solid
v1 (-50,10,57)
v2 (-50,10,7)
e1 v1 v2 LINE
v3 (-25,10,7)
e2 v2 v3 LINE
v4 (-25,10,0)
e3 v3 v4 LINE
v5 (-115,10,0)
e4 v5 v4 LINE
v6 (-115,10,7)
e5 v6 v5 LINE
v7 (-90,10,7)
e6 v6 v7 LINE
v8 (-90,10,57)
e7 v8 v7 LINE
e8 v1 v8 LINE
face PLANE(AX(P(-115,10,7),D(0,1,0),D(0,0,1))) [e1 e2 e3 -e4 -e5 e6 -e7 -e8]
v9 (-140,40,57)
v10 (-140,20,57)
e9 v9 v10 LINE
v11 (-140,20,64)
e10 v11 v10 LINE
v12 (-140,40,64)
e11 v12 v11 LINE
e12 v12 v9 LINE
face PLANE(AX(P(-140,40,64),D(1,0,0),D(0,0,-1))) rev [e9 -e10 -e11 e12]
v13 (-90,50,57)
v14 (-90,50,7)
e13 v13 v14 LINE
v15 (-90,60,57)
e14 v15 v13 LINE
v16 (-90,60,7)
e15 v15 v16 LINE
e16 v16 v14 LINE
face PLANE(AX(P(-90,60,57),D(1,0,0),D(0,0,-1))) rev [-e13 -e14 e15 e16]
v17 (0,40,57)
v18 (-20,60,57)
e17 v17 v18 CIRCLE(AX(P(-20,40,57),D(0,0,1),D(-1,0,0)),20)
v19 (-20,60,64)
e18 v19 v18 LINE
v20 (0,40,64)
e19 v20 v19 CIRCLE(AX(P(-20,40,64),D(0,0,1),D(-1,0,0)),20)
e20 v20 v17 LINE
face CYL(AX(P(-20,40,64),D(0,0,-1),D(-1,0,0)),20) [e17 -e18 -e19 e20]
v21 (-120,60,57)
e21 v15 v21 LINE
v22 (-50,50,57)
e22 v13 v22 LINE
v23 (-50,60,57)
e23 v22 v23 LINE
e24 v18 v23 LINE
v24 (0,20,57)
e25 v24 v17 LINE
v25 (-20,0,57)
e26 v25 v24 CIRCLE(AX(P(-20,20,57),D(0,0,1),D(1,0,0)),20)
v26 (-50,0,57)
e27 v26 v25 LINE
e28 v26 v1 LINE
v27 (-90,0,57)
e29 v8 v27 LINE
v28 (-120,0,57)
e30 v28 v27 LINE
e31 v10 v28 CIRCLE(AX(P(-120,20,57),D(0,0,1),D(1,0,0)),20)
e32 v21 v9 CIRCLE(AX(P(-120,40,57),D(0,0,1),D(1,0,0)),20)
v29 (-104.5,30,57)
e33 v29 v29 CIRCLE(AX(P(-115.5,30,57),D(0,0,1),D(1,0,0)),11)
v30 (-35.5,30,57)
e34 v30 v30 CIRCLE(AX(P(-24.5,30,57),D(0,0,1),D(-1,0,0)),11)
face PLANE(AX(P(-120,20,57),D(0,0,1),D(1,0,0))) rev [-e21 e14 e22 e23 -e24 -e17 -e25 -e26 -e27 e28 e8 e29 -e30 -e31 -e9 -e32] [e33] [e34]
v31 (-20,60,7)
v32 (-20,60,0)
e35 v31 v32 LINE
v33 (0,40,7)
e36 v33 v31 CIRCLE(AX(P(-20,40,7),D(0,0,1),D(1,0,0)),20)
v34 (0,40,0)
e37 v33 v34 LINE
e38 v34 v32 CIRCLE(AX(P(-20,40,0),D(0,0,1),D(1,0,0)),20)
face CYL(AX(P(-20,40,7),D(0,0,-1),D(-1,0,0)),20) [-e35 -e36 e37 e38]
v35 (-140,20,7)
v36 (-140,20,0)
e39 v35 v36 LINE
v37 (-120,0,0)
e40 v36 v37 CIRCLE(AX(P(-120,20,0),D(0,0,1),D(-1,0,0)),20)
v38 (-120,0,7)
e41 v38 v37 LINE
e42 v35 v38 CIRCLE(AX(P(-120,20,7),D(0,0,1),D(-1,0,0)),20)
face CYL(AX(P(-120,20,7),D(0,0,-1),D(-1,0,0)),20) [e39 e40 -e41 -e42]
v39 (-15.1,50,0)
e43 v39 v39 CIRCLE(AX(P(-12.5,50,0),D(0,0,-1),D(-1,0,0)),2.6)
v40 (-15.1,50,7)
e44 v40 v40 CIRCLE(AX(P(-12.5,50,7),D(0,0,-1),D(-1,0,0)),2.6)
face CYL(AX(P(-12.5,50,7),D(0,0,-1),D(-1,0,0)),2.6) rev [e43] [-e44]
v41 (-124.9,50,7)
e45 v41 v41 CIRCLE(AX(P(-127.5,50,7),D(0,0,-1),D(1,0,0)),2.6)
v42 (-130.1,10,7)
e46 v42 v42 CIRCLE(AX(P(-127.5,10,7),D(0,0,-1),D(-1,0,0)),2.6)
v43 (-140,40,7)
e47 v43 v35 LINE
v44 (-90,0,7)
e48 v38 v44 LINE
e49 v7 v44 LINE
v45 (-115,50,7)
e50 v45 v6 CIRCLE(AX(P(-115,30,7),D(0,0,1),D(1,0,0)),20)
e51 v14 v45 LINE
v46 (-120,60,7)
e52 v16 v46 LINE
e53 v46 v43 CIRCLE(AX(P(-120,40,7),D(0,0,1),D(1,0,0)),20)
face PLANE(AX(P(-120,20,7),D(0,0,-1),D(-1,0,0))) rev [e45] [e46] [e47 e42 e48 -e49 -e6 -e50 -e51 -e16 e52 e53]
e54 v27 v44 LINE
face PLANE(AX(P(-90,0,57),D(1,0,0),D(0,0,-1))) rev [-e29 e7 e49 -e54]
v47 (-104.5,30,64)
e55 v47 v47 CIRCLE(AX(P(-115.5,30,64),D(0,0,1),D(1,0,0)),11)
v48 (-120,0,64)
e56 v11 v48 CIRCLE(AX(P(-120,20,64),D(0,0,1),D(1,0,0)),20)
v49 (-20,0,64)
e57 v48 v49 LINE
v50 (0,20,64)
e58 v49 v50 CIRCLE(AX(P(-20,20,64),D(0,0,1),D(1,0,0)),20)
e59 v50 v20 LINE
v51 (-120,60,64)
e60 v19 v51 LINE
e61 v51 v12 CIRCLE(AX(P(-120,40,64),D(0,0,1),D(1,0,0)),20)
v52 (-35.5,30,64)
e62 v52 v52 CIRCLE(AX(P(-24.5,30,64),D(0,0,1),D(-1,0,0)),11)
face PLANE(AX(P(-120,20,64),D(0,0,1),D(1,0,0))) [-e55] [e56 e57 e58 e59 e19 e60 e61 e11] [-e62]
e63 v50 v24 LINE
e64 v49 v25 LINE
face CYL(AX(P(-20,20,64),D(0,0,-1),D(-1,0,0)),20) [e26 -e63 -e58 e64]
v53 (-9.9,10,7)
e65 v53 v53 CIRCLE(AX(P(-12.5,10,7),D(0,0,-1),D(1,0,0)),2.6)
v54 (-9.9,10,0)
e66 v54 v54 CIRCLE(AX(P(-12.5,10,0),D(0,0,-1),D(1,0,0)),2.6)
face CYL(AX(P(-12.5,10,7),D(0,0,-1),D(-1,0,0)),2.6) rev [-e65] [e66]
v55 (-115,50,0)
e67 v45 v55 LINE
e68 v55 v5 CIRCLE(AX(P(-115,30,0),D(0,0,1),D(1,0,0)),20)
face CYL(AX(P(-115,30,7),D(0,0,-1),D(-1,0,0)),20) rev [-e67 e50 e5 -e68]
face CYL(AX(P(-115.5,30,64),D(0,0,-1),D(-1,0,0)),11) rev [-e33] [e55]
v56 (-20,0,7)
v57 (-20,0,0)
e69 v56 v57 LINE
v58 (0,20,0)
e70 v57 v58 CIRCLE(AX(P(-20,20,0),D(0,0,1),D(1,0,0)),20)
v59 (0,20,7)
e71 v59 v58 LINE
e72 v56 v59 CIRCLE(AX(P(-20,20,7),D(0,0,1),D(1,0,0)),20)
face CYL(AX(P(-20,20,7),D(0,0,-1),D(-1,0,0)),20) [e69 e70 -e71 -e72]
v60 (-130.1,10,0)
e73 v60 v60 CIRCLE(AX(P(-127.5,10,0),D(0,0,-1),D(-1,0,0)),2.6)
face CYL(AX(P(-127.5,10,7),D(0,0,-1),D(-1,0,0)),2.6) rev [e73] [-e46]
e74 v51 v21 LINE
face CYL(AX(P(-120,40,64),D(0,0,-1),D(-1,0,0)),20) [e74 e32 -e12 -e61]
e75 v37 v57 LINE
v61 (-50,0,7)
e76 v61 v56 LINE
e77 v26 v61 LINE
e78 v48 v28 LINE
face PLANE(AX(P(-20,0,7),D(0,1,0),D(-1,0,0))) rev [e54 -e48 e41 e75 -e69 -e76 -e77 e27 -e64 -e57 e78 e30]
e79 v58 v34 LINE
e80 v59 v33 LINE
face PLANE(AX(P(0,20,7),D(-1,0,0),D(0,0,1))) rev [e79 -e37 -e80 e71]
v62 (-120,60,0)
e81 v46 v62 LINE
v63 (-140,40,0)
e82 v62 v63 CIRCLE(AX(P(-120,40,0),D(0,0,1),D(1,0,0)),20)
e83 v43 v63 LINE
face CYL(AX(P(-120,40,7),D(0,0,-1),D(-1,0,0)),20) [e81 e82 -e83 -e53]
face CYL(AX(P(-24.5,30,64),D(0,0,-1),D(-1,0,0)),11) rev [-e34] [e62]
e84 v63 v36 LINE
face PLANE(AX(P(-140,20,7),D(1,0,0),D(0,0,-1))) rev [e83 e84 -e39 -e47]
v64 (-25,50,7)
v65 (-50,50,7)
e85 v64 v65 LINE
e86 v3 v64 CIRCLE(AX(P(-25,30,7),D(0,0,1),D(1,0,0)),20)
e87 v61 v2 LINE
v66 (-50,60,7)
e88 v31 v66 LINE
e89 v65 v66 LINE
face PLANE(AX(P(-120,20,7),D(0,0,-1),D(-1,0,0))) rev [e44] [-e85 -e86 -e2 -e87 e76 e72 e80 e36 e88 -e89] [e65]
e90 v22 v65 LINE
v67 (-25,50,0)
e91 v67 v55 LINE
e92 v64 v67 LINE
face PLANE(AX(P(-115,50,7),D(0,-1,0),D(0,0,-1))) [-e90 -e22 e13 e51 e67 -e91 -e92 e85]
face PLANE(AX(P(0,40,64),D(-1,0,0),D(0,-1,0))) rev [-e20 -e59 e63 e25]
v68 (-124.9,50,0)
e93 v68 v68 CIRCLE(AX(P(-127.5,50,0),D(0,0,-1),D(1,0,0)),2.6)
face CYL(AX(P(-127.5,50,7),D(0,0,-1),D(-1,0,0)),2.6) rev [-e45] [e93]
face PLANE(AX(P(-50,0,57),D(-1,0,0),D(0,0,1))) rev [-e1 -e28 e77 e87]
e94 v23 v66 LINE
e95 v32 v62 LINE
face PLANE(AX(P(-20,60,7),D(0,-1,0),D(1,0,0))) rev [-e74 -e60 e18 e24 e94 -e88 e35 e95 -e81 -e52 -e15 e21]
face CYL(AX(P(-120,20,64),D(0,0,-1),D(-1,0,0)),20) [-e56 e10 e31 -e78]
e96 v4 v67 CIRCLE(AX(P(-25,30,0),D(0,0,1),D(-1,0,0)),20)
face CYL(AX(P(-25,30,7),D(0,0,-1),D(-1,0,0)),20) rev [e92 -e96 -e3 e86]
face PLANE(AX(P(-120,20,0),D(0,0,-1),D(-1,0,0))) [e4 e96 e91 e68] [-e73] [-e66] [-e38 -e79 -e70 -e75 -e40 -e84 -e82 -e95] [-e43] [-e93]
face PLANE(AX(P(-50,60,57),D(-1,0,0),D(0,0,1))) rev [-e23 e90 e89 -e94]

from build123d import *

# Parameters (mm, degrees)
BOSS_EXTRUDE1_DEPTH = 7
SKETCH3_W           = 40
SKETCH3_H           = 10
BOSS_EXTRUDE2_DEPTH = 50
SKETCH4_R           = 11
BOSS_EXTRUDE3_DEPTH = 7
SKETCH6_R           = 2.6
CUT_EXTRUDE1_DEPTH  = 7


with BuildPart() as part:
    # Sketch2 → Boss-Extrude1 (new body)
    with BuildSketch(Plane.XY):
        with BuildLine():
            Line((-20, 0), (-120, 0))
            ThreePointArc((-120, 0), (-134.142135624, 5.857864376), (-140, 20))
            Line((-140, 20), (-140, 40))
            ThreePointArc((-140, 40), (-134.142135624, 54.142135624), (-120, 60))
            Line((-120, 60), (-20, 60))
            ThreePointArc((-20, 60), (-5.857864376, 54.142135624), (0, 40))
            Line((0, 40), (0, 20))
            ThreePointArc((0, 20), (-5.857864376, 5.857864376), (-20, 0))
        make_face()
        with BuildLine():
            Line((-115, 50), (-25, 50))
            ThreePointArc((-25, 50), (-10.857864376, 44.142135624), (-5, 30))
            ThreePointArc((-5, 30), (-10.857864376, 15.857864376), (-25, 10))
            Line((-25, 10), (-115, 10))
            ThreePointArc((-115, 10), (-129.142135624, 15.857864376), (-135, 30))
            ThreePointArc((-135, 30), (-129.142135624, 44.142135624), (-115, 50))
        make_face(mode=Mode.SUBTRACT)
    extrude(amount=BOSS_EXTRUDE1_DEPTH)

    # Sketch3 → Boss-Extrude2 (add)
    with BuildSketch(Plane.XY.offset(7)):
        with Locations((-70, 55)):
            Rectangle(SKETCH3_W, SKETCH3_H)
        with Locations((-70, 5)):
            Rectangle(SKETCH3_W, SKETCH3_H)
    extrude(amount=BOSS_EXTRUDE2_DEPTH)

    # Sketch4 → Boss-Extrude3 (add)
    with BuildSketch(Plane.XY.offset(57)):
        with BuildLine():
            Line((-120, 60), (-20, 60))
            ThreePointArc((-20, 60), (-5.857864376, 54.142135624), (0, 40))
            Line((0, 40), (0, 20))
            ThreePointArc((0, 20), (-5.857864376, 5.857864376), (-20, 0))
            Line((-20, 0), (-120, 0))
            ThreePointArc((-120, 0), (-134.142135624, 5.857864376), (-140, 20))
            Line((-140, 20), (-140, 40))
            ThreePointArc((-140, 40), (-134.142135624, 54.142135624), (-120, 60))
        make_face()
        with Locations((-115.5, 30)):
            Circle(SKETCH4_R, mode=Mode.SUBTRACT)
        with Locations((-24.5, 30)):
            Circle(SKETCH4_R, mode=Mode.SUBTRACT)
    extrude(amount=BOSS_EXTRUDE3_DEPTH)

    # Sketch6 → Cut-Extrude1 (cut)
    with BuildSketch(Plane(origin=(0, 0, 0), x_dir=(-1, 0, 0), z_dir=(0, 0, -1))):
        with Locations((12.5, 50)):
            Circle(SKETCH6_R)
        with Locations((127.5, 50)):
            Circle(SKETCH6_R)
        with Locations((127.5, 10)):
            Circle(SKETCH6_R)
        with Locations((12.5, 10)):
            Circle(SKETCH6_R)
    extrude(amount=-CUT_EXTRUDE1_DEPTH, mode=Mode.SUBTRACT)


solid = part.part
